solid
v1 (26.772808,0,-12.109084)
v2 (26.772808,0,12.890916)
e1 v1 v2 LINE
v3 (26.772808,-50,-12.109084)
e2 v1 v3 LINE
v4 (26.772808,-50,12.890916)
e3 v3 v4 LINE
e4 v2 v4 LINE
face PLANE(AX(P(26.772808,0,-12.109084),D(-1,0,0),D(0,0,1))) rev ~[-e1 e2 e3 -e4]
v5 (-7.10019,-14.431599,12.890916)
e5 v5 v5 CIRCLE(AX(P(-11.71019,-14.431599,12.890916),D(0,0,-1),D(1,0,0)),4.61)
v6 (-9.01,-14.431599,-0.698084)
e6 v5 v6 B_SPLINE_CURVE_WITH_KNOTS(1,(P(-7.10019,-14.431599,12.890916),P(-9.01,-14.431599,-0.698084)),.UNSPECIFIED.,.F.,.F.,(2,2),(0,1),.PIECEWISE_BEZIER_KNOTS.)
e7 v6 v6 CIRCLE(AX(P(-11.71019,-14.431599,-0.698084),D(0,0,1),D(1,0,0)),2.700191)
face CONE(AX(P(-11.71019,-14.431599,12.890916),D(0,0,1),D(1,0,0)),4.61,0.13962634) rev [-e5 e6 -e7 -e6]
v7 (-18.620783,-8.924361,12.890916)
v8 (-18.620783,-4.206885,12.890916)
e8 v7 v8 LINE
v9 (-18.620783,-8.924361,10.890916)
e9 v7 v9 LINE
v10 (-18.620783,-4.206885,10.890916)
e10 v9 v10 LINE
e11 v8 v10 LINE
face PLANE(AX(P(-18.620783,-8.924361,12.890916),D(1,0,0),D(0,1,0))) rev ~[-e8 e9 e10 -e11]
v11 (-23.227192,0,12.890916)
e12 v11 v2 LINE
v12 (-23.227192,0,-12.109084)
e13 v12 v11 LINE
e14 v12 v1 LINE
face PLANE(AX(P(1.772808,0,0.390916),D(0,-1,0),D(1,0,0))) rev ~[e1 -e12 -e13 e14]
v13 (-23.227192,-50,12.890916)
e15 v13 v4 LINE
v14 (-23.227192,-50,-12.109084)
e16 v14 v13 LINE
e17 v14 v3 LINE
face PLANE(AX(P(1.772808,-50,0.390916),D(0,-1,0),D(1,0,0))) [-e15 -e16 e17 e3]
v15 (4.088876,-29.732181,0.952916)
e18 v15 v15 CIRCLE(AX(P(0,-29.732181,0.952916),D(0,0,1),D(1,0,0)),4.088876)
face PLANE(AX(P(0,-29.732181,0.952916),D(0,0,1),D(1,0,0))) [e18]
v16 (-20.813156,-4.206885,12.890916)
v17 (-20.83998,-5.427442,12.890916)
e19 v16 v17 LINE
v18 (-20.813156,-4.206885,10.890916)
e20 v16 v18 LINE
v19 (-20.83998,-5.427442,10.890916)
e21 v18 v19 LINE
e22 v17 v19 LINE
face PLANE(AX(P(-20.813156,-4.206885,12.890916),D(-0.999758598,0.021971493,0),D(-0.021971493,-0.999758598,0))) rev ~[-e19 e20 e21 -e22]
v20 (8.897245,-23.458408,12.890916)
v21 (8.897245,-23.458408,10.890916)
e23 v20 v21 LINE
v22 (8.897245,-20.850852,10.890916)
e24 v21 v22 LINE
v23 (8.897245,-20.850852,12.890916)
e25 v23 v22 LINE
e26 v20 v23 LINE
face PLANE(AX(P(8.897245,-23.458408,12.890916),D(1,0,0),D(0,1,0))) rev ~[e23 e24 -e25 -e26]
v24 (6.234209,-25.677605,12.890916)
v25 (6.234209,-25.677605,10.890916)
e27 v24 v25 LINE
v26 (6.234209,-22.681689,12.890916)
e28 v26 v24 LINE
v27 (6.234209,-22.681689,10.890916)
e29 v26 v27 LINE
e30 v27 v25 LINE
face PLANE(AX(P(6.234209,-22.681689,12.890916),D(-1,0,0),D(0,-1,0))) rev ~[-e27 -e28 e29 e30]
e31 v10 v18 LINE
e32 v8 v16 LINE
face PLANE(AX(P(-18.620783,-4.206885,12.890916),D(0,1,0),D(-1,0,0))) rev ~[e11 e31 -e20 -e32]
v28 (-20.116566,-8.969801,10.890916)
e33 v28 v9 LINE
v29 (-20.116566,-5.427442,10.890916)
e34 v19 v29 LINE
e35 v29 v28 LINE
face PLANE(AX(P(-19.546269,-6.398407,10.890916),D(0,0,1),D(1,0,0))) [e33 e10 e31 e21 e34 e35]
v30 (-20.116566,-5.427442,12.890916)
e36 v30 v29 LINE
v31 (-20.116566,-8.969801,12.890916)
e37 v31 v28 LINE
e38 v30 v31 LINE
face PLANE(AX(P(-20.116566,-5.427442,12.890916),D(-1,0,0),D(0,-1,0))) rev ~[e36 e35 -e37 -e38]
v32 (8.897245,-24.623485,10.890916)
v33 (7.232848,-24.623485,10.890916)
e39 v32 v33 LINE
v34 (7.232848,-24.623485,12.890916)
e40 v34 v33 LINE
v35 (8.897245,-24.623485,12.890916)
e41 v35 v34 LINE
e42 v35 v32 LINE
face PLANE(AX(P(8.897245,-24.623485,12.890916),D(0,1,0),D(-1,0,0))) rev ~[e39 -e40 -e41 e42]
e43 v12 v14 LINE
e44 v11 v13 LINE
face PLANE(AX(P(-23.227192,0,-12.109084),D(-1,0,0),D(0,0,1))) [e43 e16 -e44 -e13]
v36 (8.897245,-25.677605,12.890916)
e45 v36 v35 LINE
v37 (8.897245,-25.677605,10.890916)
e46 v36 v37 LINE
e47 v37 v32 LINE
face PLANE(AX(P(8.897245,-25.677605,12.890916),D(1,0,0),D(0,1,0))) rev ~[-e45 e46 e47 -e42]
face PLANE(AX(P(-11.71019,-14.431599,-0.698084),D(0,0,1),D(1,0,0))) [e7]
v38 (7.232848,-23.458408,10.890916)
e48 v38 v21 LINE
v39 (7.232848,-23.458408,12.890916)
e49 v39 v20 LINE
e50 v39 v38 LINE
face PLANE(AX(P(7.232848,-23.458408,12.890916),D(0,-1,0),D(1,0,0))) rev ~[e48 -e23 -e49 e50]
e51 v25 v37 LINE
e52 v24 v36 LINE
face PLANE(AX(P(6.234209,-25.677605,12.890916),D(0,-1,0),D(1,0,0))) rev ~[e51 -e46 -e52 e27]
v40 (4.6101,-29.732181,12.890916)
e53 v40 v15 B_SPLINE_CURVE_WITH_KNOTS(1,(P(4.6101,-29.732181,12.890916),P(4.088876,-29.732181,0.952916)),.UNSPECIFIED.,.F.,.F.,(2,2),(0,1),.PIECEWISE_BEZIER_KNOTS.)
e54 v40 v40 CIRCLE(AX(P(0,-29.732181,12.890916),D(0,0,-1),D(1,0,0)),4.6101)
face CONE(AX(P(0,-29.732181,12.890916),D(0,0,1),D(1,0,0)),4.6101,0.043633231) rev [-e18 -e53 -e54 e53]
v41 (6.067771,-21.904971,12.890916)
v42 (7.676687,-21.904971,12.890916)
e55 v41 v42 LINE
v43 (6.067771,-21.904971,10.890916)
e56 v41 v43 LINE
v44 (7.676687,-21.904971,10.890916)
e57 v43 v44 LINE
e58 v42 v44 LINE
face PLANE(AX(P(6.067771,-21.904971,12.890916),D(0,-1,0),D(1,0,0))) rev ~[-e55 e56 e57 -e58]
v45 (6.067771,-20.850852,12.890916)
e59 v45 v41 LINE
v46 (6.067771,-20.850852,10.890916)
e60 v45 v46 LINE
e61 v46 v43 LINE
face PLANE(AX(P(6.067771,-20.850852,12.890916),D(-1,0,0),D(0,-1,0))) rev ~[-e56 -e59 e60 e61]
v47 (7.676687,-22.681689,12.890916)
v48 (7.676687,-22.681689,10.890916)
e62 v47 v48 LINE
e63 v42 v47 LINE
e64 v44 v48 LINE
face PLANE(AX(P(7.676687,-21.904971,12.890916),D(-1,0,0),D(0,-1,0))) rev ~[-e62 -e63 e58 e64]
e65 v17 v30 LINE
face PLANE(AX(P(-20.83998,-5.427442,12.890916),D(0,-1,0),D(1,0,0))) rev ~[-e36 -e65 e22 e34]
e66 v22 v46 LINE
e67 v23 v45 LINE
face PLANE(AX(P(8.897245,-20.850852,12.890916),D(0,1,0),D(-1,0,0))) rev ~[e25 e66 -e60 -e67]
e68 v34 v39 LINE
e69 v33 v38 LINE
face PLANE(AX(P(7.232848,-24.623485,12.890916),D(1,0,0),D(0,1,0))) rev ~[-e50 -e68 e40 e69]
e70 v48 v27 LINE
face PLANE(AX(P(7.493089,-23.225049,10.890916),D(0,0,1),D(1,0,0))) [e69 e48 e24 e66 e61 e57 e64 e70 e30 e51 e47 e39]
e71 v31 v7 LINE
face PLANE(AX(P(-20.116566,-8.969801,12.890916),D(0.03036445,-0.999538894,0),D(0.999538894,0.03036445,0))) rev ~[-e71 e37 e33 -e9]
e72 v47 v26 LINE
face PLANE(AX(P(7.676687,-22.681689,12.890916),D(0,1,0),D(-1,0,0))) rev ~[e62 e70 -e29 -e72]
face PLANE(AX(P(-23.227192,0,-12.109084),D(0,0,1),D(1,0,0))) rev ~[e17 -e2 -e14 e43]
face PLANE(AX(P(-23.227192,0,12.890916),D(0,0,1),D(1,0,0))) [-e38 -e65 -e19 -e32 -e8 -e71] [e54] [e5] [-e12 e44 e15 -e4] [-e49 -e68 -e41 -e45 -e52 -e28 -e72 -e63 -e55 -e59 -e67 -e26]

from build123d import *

# Parameters (mm, degrees)
F0_W     = 50
F0_H     = 25
F1_DEPTH = 50
F2_R     = 4.6101
F3_DEPTH = 11.938
F3_TAPER = 2.5
F4_R     = 4.61
F5_DEPTH = 13.589
F5_TAPER = 8
F7_DEPTH = 2


with BuildPart() as f1:
    # F0 (on Front) → F1 (new body)
    with BuildSketch(Plane.XZ):
        with Locations((1.772807911, 0.3909162391)):
            Rectangle(F0_W, F0_H)
    extrude(amount=F1_DEPTH)

    # F2 (on face) → F3 (cut)
    with BuildSketch(Plane.XY.offset(12.8909162391)):
        with Locations((0, -29.7321814987)):
            Circle(F2_R)
    extrude(amount=-F3_DEPTH, taper=F3_TAPER, mode=Mode.SUBTRACT)

    # F4 (on face) → F5 (cut)
    with BuildSketch(Plane.XY.offset(12.8909162391)):
        with Locations((-11.7101902142, -14.4315985963)):
            Circle(F4_R)
    extrude(amount=-F5_DEPTH, taper=F5_TAPER, mode=Mode.SUBTRACT)

    # F6 (on face) → F7 (cut)
    with BuildSketch(Plane.XY.offset(12.8909162391)):
        Polygon((-20.116565749, -5.4274424911), (-20.116565749, -8.9698005468), (-18.6207834631, -8.9243609875), (-18.6207834631, -5.4274424911), (-18.6207834631, -4.2068846524), (-20.8131559193, -4.2068846524), (-20.8399798721, -5.4274424911), align=None)
        Polygon((8.8972449303, -23.4584081918), (8.8972449303, -21.9049714506), (8.8972449303, -20.8508521318), (6.0677705333, -20.8508521318), (6.0677705333, -21.9049714506), (7.6766866259, -21.9049714506), (7.6766866259, -22.6816888899), (6.2342090532, -22.6816888899), (6.2342090532, -25.6776046008), (8.8972449303, -25.6776046008), (8.8972449303, -24.6234852821), (7.2328480892, -24.6234852821), (7.2328480892, -23.4584081918), align=None)
    extrude(amount=-F7_DEPTH, mode=Mode.SUBTRACT)


solid = f1.part
